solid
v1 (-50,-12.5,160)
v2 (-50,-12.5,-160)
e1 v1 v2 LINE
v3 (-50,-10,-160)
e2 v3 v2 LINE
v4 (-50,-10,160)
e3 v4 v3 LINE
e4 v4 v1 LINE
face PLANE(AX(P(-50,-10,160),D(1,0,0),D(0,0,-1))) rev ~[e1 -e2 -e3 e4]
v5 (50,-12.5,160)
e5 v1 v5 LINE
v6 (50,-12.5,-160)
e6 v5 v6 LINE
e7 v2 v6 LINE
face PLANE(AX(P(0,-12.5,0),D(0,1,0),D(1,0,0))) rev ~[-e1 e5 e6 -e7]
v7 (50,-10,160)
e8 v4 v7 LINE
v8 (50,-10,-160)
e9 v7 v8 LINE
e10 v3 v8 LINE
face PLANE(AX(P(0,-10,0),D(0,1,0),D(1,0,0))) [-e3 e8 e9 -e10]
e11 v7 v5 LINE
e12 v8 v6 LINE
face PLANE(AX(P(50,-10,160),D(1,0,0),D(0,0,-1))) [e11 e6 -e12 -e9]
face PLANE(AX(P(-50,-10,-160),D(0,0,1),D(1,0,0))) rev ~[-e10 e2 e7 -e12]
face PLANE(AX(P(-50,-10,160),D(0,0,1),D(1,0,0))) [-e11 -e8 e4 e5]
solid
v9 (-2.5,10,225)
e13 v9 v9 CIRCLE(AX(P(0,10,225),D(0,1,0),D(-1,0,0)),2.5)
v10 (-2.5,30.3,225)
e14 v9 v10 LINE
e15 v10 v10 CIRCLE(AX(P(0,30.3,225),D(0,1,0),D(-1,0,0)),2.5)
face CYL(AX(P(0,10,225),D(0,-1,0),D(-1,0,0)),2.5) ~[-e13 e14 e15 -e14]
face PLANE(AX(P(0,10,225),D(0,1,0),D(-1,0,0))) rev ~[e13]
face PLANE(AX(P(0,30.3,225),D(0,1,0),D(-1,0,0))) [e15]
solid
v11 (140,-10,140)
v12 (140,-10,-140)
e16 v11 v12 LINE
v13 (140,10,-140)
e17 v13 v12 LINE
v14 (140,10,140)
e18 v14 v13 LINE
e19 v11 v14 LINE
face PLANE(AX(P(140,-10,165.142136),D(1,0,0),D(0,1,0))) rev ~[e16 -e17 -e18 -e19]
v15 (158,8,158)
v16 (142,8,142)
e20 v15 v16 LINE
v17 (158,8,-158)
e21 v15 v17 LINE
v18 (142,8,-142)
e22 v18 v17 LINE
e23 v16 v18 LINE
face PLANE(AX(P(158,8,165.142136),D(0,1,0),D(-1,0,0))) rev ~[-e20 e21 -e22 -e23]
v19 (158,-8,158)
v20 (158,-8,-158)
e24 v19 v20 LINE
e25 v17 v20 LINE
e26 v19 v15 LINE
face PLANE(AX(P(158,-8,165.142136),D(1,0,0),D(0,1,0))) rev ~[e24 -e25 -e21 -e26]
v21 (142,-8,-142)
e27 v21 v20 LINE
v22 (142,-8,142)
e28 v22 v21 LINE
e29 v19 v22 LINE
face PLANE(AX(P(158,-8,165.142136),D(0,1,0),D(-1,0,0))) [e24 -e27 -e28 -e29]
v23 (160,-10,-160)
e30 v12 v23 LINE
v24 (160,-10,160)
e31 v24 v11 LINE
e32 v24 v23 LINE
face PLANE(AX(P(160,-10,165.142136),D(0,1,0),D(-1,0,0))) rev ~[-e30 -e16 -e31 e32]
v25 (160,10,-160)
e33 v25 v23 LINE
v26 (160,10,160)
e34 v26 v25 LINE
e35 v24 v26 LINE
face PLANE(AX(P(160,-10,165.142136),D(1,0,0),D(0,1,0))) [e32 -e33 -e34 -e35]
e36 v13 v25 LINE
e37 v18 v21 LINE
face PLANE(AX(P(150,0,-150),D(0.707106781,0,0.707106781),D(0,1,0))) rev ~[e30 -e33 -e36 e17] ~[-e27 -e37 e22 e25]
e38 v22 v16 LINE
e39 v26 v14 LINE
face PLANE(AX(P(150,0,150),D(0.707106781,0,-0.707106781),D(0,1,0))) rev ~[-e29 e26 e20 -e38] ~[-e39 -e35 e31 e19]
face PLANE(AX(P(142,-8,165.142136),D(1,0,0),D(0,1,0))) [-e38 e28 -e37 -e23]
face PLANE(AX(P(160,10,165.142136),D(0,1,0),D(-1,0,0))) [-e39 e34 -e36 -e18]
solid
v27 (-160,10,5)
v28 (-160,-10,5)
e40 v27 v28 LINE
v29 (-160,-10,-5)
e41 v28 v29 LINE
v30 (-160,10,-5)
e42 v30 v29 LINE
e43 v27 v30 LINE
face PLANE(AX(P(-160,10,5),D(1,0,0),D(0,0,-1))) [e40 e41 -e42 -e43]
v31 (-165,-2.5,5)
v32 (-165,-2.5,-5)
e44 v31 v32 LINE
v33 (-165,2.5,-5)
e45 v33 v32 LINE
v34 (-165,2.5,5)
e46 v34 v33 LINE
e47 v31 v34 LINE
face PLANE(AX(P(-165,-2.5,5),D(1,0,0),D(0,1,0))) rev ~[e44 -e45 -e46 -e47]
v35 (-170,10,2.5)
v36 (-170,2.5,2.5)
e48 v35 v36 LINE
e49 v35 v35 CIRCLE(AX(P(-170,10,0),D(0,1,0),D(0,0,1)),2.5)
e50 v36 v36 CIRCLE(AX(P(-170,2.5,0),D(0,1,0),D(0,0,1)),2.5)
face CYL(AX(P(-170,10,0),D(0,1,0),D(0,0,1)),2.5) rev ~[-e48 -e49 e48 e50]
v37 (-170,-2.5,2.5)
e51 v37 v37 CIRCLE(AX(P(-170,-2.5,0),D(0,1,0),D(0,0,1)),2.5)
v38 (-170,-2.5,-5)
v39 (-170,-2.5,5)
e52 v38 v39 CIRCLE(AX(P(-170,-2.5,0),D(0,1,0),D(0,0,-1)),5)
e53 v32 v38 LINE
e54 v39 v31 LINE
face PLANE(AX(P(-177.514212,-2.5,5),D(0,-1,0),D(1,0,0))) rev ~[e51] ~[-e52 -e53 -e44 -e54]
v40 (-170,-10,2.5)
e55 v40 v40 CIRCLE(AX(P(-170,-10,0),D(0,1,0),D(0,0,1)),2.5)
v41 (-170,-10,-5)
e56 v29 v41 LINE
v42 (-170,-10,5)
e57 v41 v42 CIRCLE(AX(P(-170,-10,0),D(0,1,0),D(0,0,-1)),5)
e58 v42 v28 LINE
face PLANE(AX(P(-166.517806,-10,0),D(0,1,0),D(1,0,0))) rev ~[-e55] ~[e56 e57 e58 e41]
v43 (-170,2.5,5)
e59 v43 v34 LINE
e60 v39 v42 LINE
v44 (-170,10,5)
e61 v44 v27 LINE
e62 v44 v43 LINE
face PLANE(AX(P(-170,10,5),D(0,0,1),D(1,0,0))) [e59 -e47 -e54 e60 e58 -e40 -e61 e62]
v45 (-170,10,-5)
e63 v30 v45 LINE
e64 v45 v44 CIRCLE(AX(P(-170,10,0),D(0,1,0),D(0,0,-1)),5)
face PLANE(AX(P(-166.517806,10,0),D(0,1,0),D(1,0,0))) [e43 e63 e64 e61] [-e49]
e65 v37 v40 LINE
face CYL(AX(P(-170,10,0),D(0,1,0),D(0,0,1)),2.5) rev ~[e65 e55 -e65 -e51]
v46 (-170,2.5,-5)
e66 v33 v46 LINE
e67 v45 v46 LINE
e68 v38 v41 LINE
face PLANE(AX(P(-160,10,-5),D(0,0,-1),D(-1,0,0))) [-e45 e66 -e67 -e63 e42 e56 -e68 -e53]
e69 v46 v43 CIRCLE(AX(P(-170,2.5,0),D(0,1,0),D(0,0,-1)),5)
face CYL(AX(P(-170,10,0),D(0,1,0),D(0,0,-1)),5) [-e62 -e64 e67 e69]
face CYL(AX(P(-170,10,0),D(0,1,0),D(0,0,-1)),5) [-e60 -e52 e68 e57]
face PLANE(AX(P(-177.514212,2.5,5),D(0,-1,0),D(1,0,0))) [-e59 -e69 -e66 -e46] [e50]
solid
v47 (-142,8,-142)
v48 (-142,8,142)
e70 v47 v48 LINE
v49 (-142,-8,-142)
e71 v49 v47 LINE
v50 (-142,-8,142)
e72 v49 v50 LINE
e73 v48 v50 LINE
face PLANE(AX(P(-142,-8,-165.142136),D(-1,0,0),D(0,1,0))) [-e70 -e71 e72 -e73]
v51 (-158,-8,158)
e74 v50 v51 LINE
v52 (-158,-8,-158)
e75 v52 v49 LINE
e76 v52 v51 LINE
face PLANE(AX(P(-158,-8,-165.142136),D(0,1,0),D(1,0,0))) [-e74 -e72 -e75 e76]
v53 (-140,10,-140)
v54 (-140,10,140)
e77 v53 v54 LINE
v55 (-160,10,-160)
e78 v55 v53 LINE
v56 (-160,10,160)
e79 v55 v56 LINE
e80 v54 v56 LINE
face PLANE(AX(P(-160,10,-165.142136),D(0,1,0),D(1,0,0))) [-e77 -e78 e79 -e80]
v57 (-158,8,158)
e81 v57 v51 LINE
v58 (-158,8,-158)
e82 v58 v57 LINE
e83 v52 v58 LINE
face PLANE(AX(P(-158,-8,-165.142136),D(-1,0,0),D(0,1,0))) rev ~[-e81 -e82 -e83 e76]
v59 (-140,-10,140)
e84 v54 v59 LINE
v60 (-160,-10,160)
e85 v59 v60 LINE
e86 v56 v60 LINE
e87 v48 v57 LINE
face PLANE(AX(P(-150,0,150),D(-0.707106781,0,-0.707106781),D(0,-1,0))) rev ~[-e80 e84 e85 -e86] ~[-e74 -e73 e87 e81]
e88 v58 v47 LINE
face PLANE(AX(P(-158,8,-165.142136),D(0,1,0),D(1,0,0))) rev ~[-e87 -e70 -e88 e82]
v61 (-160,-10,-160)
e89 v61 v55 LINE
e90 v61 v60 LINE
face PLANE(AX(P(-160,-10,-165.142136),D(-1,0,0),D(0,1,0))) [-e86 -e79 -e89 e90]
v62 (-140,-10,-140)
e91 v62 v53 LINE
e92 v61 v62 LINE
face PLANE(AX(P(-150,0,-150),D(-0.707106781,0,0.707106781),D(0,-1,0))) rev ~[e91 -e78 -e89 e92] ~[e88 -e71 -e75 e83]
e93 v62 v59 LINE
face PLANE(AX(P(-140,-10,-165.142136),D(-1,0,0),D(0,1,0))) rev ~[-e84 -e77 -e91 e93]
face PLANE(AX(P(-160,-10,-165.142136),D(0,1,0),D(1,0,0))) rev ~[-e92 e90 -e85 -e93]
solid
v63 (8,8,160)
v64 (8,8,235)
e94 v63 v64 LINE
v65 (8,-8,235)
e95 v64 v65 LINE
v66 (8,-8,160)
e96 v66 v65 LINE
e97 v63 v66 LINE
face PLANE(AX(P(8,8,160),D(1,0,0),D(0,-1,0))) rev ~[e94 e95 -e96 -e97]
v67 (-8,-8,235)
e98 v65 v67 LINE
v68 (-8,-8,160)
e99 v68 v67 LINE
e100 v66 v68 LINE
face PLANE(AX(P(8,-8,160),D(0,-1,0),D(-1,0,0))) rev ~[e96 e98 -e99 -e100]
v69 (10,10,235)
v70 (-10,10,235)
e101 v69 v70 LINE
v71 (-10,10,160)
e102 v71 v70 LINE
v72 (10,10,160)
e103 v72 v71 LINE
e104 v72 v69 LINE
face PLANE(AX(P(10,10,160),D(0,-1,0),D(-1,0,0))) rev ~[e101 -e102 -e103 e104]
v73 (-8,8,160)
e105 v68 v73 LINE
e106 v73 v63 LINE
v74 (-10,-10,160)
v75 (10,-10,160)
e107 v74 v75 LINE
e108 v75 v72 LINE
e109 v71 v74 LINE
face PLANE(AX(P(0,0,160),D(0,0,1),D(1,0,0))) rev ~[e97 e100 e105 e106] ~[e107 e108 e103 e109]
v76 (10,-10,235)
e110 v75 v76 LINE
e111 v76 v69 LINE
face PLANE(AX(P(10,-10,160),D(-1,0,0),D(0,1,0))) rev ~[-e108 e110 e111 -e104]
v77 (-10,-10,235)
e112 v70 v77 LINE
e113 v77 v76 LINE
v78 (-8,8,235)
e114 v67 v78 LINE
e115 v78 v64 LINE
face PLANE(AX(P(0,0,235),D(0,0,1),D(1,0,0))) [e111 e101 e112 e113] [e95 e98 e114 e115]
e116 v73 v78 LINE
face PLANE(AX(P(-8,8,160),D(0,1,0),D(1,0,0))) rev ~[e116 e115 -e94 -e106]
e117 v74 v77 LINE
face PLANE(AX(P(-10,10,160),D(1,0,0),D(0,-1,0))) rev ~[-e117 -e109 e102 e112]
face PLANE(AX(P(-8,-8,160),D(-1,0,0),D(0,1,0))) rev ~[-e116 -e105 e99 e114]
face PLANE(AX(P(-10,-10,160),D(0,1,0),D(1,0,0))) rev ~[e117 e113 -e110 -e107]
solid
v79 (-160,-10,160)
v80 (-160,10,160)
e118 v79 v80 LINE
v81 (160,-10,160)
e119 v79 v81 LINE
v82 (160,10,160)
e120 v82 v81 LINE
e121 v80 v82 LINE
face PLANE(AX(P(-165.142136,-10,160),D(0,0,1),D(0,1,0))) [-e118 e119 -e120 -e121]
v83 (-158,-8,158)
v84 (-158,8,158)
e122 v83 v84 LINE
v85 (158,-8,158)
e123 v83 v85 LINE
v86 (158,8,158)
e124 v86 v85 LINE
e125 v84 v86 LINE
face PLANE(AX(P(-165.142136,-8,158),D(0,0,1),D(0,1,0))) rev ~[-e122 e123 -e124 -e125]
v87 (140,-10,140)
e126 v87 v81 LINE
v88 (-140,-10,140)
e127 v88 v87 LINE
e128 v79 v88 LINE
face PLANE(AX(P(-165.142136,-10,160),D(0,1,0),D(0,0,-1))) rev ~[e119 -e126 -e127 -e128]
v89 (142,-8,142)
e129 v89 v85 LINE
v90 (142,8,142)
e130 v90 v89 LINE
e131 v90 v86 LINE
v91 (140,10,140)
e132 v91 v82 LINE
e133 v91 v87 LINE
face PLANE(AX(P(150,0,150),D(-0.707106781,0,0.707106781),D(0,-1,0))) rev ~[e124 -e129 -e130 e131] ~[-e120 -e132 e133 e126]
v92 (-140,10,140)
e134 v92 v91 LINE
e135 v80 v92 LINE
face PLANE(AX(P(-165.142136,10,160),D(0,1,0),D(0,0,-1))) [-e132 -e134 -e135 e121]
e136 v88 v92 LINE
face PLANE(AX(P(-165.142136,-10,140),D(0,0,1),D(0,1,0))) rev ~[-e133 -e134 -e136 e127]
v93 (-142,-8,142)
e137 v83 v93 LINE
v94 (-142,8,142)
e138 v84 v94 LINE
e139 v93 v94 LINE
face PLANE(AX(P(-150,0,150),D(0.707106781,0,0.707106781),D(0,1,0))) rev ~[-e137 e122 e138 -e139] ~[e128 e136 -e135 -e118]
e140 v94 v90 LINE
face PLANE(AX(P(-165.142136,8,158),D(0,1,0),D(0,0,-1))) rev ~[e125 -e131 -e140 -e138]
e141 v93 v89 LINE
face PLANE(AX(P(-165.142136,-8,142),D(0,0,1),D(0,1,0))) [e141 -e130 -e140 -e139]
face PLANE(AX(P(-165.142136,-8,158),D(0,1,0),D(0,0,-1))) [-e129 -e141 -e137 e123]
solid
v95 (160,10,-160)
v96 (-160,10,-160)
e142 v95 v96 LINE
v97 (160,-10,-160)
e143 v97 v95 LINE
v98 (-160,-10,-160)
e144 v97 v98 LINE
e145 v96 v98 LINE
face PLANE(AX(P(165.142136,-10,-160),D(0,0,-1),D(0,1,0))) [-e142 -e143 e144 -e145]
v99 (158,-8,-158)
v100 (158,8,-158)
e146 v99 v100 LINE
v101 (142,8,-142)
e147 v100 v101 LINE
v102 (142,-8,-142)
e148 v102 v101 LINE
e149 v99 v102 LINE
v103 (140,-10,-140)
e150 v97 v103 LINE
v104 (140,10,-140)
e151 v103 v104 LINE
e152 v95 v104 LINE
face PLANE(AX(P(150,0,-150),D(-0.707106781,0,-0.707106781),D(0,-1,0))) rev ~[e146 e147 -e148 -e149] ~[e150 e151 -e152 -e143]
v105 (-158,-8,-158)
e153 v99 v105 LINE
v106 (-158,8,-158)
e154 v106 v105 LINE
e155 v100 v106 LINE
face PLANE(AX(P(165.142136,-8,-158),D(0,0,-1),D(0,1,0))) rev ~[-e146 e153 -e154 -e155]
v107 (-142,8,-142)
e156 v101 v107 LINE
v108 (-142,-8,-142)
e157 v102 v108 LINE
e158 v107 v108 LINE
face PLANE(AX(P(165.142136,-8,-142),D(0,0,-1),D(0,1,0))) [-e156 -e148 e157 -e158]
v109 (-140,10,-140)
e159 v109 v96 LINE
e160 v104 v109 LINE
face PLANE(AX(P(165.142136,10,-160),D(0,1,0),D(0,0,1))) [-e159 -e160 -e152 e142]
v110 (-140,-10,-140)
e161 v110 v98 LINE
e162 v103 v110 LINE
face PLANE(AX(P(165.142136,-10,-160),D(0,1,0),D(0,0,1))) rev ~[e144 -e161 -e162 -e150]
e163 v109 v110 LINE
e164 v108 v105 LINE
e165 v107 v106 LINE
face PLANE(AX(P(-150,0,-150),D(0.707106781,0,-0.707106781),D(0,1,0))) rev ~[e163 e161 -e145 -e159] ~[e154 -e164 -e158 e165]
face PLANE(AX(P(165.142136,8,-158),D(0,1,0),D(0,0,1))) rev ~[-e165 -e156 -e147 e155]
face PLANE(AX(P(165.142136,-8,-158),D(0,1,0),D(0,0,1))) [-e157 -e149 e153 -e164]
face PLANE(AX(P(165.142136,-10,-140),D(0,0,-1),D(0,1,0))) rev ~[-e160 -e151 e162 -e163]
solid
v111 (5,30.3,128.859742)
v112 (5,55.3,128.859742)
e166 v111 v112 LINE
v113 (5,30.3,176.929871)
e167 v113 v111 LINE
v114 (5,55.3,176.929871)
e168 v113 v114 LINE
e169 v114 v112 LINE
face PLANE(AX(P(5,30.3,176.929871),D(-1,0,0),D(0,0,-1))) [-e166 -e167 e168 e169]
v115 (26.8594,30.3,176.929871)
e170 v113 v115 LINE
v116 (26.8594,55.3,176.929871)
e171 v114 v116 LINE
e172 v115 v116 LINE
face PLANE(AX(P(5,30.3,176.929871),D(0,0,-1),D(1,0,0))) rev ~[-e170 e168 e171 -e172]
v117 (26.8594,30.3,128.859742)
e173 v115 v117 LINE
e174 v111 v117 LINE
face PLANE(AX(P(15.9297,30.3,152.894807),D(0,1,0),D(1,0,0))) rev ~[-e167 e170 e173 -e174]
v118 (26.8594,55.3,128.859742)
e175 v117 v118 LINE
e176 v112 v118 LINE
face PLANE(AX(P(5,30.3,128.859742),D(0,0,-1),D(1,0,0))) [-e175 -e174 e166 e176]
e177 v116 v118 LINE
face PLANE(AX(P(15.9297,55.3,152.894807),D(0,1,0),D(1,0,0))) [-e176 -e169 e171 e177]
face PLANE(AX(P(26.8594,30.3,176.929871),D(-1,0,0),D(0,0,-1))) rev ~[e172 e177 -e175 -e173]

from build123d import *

# Parameters (mm, degrees)
TUBO_CUADRADO_20_X_20_X_2_2_DEPTH      = 315.142135624
TUBO_CUADRADO_20_X_20_X_2_2_DEPTH_BACK = 15.142135624
SKETCH1_W                              = 20
SKETCH1_H                              = 20
SKETCH1_W_2                            = 16
SKETCH1_H_2                            = 16
SKETCH1_ON_SEGMENT_2_W                 = 20
SKETCH1_ON_SEGMENT_2_H                 = 20
SKETCH1_ON_SEGMENT_2_W_2               = 16
SKETCH1_ON_SEGMENT_2_H_2               = 16
TUBO_CUADRADO_20_X_20_X_2_2_2_DEPTH    = 330.284271247
SKETCH1_ON_SEGMENT_3_W                 = 20
SKETCH1_ON_SEGMENT_3_H                 = 20
SKETCH1_ON_SEGMENT_3_W_2               = 16
SKETCH1_ON_SEGMENT_3_H_2               = 16
TUBO_CUADRADO_20_X_20_X_2_2_3_DEPTH    = 330.284271247
SKETCH1_ON_SEGMENT_4_W                 = 20
SKETCH1_ON_SEGMENT_4_H                 = 20
SKETCH1_ON_SEGMENT_4_W_2               = 16
SKETCH1_ON_SEGMENT_4_H_2               = 16
TUBO_CUADRADO_20_X_20_X_2_2_4_DEPTH    = 330.284271247
CROQUIS3_W                             = 100
CROQUIS3_H                             = 320
SALIENTE_EXTRUIR1_DEPTH                = 2.5
CROQUIS7_R                             = 2.5
SALIENTE_EXTRUIR2_DEPTH                = 20
CROQUIS9_W                             = 12.514211711
CROQUIS9_H                             = 5
CORTAR_EXTRUIR1_DEPTH                  = 33
TUBO_CUADRADO_20_X_20_X_2_4_DEPTH      = 75
CROQUIS12_R                            = 2.5
SALIENTE_EXTRUIR3_DEPTH                = 20.3
CROQUIS13_W                            = 21.859399814
CROQUIS13_H                            = 48.070128995
SALIENTE_EXTRUIR4_DEPTH                = 25


with BuildPart() as part:
    # Sketch1 → Tubo cuadrado 20 X 20 X 2(2) (new, two sides: drawn at the far end of the back side and taken through both)
    with BuildSketch(Plane(origin=(-150, 0, -150), x_dir=(1, 0, 0), z_dir=(0, 0, 1)).offset(-TUBO_CUADRADO_20_X_20_X_2_2_DEPTH_BACK)):
        Rectangle(SKETCH1_W, SKETCH1_H)
        Rectangle(SKETCH1_W_2, SKETCH1_H_2, mode=Mode.SUBTRACT)
    extrude(amount=TUBO_CUADRADO_20_X_20_X_2_2_DEPTH + TUBO_CUADRADO_20_X_20_X_2_2_DEPTH_BACK)

    # Tubo cuadrado 20 X 20 X 2(2) mitre 1
    split(bisect_by=Plane(origin=(-150, 0, -150), x_dir=(0, -1, 0), z_dir=(-0.707106781, 0, 0.707106781)), keep=Keep.TOP)

    # Tubo cuadrado 20 X 20 X 2(2) mitre 2
    split(bisect_by=Plane(origin=(-150, 0, 150), x_dir=(0, -1, 0), z_dir=(-0.707106781, 0, -0.707106781)), keep=Keep.TOP)


with BuildPart() as body_2:
    # Sketch1 on segment 2 (carried to segment 2) → Tubo cuadrado 20 X 20 X 2_2 2 (new body)
    with BuildSketch(Plane(origin=(-165.142135624, 0, 150), x_dir=(0, 0, -1), z_dir=(1, 0, 0))):
        Rectangle(SKETCH1_ON_SEGMENT_2_W, SKETCH1_ON_SEGMENT_2_H)
        Rectangle(SKETCH1_ON_SEGMENT_2_W_2, SKETCH1_ON_SEGMENT_2_H_2, mode=Mode.SUBTRACT)
    extrude(amount=TUBO_CUADRADO_20_X_20_X_2_2_2_DEPTH)

    # Tubo cuadrado 20 X 20 X 2_2 2 mitre 1
    split(bisect_by=Plane(origin=(-150, 0, 150), x_dir=(0, 1, 0), z_dir=(0.707106781, 0, 0.707106781)), keep=Keep.TOP)

    # Tubo cuadrado 20 X 20 X 2_2 2 mitre 2
    split(bisect_by=Plane(origin=(150, 0, 150), x_dir=(0, -1, 0), z_dir=(-0.707106781, 0, 0.707106781)), keep=Keep.TOP)


with BuildPart() as body_3:
    # Sketch1 on segment 3 (carried to segment 3) → Tubo cuadrado 20 X 20 X 2_2 3 (new body)
    with BuildSketch(Plane(origin=(150, 0, 165.142135624), x_dir=(-1, 0, 0), z_dir=(0, 0, -1))):
        Rectangle(SKETCH1_ON_SEGMENT_3_W, SKETCH1_ON_SEGMENT_3_H)
        Rectangle(SKETCH1_ON_SEGMENT_3_W_2, SKETCH1_ON_SEGMENT_3_H_2, mode=Mode.SUBTRACT)
    extrude(amount=TUBO_CUADRADO_20_X_20_X_2_2_3_DEPTH)

    # Tubo cuadrado 20 X 20 X 2_2 3 mitre 1
    split(bisect_by=Plane(origin=(150, 0, -150), x_dir=(0, 1, 0), z_dir=(0.707106781, 0, 0.707106781)), keep=Keep.TOP)

    # Tubo cuadrado 20 X 20 X 2_2 3 mitre 2
    split(bisect_by=Plane(origin=(150, 0, 150), x_dir=(0, 1, 0), z_dir=(0.707106781, 0, -0.707106781)), keep=Keep.TOP)


with BuildPart() as body_4:
    # Sketch1 on segment 4 (carried to segment 4) → Tubo cuadrado 20 X 20 X 2_2 4 (new body)
    with BuildSketch(Plane(origin=(165.142135624, 0, -150), x_dir=(0, 0, 1), z_dir=(-1, 0, 0))):
        Rectangle(SKETCH1_ON_SEGMENT_4_W, SKETCH1_ON_SEGMENT_4_H)
        Rectangle(SKETCH1_ON_SEGMENT_4_W_2, SKETCH1_ON_SEGMENT_4_H_2, mode=Mode.SUBTRACT)
    extrude(amount=TUBO_CUADRADO_20_X_20_X_2_2_4_DEPTH)

    # Tubo cuadrado 20 X 20 X 2_2 4 mitre 1
    split(bisect_by=Plane(origin=(-150, 0, -150), x_dir=(0, 1, 0), z_dir=(0.707106781, 0, -0.707106781)), keep=Keep.TOP)

    # Tubo cuadrado 20 X 20 X 2_2 4 mitre 2
    split(bisect_by=Plane(origin=(150, 0, -150), x_dir=(0, -1, 0), z_dir=(-0.707106781, 0, -0.707106781)), keep=Keep.TOP)


with BuildPart() as body_5:
    # Croquis3 → Saliente-Extruir1 (new body)
    with BuildSketch(Plane(origin=(0, -10, 0), x_dir=(1, 0, 0), z_dir=(0, 1, 0))):
        Rectangle(CROQUIS3_W, CROQUIS3_H)
    extrude(amount=-SALIENTE_EXTRUIR1_DEPTH)


with BuildPart() as body_6:
    # Croquis7 → Saliente-Extruir2 (new body)
    with BuildSketch(Plane(origin=(0, 10, 0), x_dir=(1, 0, 0), z_dir=(0, 1, 0))):
        with BuildLine():
            Line((-160, 0), (-160, 5))
            Line((-160, 5), (-170, 5))
            ThreePointArc((-170, 5), (-175, 0), (-170, -5))
            Line((-170, -5), (-160, -5))
            Line((-160, -5), (-160, 0))
        make_face()
        with Locations(Location((-170, 0, 0), (0, 0, 270))):
            Circle(CROQUIS7_R, mode=Mode.SUBTRACT)
    extrude(amount=-SALIENTE_EXTRUIR2_DEPTH)

    # Croquis9 → Cortar-Extruir1 (cut)
    with BuildSketch(Plane.XY.offset(5)):
        with Locations((-171.257105856, 0)):
            Rectangle(CROQUIS9_W, CROQUIS9_H)
    extrude(amount=-CORTAR_EXTRUIR1_DEPTH, mode=Mode.SUBTRACT)


with BuildPart() as body_7:
    # Sketch11 → Tubo cuadrado 20 X 20 X 2(4) (new body)
    with BuildSketch(Plane.XY.offset(160)):
        Polygon((-6, -10), (6, -10), (10, -10), (10, -6), (10, 6), (10, 10), (6, 10), (-6, 10), (-10, 10), (-10, 6), (-10, -6), (-10, -10), align=None)
        Polygon((-6, -8), (6, -8), (8, -8), (8, -6), (8, 6), (8, 8), (6, 8), (-6, 8), (-8, 8), (-8, 6), (-8, -6), (-8, -8), align=None, mode=Mode.SUBTRACT)
    extrude(amount=TUBO_CUADRADO_20_X_20_X_2_4_DEPTH)


with BuildPart() as body_8:
    # Croquis12 → Saliente-Extruir3 (new body)
    with BuildSketch(Plane(origin=(0, 10, 0), x_dir=(1, 0, 0), z_dir=(0, 1, 0))):
        with Locations(Location((0, -225, 0), (0, 0, 180))):
            Circle(CROQUIS12_R)
    extrude(amount=SALIENTE_EXTRUIR3_DEPTH)


with BuildPart() as body_9:
    # Croquis13 → Saliente-Extruir4 (new body)
    with BuildSketch(Plane(origin=(0, 30.3, 0), x_dir=(1, 0, 0), z_dir=(0, 1, 0))):
        with Locations((15.929699907, -152.894806508)):
            Rectangle(CROQUIS13_W, CROQUIS13_H)
    extrude(amount=SALIENTE_EXTRUIR4_DEPTH)


solid = Compound([part.part, body_2.part, body_3.part, body_4.part, body_5.part, body_6.part, body_7.part, body_8.part, body_9.part])
